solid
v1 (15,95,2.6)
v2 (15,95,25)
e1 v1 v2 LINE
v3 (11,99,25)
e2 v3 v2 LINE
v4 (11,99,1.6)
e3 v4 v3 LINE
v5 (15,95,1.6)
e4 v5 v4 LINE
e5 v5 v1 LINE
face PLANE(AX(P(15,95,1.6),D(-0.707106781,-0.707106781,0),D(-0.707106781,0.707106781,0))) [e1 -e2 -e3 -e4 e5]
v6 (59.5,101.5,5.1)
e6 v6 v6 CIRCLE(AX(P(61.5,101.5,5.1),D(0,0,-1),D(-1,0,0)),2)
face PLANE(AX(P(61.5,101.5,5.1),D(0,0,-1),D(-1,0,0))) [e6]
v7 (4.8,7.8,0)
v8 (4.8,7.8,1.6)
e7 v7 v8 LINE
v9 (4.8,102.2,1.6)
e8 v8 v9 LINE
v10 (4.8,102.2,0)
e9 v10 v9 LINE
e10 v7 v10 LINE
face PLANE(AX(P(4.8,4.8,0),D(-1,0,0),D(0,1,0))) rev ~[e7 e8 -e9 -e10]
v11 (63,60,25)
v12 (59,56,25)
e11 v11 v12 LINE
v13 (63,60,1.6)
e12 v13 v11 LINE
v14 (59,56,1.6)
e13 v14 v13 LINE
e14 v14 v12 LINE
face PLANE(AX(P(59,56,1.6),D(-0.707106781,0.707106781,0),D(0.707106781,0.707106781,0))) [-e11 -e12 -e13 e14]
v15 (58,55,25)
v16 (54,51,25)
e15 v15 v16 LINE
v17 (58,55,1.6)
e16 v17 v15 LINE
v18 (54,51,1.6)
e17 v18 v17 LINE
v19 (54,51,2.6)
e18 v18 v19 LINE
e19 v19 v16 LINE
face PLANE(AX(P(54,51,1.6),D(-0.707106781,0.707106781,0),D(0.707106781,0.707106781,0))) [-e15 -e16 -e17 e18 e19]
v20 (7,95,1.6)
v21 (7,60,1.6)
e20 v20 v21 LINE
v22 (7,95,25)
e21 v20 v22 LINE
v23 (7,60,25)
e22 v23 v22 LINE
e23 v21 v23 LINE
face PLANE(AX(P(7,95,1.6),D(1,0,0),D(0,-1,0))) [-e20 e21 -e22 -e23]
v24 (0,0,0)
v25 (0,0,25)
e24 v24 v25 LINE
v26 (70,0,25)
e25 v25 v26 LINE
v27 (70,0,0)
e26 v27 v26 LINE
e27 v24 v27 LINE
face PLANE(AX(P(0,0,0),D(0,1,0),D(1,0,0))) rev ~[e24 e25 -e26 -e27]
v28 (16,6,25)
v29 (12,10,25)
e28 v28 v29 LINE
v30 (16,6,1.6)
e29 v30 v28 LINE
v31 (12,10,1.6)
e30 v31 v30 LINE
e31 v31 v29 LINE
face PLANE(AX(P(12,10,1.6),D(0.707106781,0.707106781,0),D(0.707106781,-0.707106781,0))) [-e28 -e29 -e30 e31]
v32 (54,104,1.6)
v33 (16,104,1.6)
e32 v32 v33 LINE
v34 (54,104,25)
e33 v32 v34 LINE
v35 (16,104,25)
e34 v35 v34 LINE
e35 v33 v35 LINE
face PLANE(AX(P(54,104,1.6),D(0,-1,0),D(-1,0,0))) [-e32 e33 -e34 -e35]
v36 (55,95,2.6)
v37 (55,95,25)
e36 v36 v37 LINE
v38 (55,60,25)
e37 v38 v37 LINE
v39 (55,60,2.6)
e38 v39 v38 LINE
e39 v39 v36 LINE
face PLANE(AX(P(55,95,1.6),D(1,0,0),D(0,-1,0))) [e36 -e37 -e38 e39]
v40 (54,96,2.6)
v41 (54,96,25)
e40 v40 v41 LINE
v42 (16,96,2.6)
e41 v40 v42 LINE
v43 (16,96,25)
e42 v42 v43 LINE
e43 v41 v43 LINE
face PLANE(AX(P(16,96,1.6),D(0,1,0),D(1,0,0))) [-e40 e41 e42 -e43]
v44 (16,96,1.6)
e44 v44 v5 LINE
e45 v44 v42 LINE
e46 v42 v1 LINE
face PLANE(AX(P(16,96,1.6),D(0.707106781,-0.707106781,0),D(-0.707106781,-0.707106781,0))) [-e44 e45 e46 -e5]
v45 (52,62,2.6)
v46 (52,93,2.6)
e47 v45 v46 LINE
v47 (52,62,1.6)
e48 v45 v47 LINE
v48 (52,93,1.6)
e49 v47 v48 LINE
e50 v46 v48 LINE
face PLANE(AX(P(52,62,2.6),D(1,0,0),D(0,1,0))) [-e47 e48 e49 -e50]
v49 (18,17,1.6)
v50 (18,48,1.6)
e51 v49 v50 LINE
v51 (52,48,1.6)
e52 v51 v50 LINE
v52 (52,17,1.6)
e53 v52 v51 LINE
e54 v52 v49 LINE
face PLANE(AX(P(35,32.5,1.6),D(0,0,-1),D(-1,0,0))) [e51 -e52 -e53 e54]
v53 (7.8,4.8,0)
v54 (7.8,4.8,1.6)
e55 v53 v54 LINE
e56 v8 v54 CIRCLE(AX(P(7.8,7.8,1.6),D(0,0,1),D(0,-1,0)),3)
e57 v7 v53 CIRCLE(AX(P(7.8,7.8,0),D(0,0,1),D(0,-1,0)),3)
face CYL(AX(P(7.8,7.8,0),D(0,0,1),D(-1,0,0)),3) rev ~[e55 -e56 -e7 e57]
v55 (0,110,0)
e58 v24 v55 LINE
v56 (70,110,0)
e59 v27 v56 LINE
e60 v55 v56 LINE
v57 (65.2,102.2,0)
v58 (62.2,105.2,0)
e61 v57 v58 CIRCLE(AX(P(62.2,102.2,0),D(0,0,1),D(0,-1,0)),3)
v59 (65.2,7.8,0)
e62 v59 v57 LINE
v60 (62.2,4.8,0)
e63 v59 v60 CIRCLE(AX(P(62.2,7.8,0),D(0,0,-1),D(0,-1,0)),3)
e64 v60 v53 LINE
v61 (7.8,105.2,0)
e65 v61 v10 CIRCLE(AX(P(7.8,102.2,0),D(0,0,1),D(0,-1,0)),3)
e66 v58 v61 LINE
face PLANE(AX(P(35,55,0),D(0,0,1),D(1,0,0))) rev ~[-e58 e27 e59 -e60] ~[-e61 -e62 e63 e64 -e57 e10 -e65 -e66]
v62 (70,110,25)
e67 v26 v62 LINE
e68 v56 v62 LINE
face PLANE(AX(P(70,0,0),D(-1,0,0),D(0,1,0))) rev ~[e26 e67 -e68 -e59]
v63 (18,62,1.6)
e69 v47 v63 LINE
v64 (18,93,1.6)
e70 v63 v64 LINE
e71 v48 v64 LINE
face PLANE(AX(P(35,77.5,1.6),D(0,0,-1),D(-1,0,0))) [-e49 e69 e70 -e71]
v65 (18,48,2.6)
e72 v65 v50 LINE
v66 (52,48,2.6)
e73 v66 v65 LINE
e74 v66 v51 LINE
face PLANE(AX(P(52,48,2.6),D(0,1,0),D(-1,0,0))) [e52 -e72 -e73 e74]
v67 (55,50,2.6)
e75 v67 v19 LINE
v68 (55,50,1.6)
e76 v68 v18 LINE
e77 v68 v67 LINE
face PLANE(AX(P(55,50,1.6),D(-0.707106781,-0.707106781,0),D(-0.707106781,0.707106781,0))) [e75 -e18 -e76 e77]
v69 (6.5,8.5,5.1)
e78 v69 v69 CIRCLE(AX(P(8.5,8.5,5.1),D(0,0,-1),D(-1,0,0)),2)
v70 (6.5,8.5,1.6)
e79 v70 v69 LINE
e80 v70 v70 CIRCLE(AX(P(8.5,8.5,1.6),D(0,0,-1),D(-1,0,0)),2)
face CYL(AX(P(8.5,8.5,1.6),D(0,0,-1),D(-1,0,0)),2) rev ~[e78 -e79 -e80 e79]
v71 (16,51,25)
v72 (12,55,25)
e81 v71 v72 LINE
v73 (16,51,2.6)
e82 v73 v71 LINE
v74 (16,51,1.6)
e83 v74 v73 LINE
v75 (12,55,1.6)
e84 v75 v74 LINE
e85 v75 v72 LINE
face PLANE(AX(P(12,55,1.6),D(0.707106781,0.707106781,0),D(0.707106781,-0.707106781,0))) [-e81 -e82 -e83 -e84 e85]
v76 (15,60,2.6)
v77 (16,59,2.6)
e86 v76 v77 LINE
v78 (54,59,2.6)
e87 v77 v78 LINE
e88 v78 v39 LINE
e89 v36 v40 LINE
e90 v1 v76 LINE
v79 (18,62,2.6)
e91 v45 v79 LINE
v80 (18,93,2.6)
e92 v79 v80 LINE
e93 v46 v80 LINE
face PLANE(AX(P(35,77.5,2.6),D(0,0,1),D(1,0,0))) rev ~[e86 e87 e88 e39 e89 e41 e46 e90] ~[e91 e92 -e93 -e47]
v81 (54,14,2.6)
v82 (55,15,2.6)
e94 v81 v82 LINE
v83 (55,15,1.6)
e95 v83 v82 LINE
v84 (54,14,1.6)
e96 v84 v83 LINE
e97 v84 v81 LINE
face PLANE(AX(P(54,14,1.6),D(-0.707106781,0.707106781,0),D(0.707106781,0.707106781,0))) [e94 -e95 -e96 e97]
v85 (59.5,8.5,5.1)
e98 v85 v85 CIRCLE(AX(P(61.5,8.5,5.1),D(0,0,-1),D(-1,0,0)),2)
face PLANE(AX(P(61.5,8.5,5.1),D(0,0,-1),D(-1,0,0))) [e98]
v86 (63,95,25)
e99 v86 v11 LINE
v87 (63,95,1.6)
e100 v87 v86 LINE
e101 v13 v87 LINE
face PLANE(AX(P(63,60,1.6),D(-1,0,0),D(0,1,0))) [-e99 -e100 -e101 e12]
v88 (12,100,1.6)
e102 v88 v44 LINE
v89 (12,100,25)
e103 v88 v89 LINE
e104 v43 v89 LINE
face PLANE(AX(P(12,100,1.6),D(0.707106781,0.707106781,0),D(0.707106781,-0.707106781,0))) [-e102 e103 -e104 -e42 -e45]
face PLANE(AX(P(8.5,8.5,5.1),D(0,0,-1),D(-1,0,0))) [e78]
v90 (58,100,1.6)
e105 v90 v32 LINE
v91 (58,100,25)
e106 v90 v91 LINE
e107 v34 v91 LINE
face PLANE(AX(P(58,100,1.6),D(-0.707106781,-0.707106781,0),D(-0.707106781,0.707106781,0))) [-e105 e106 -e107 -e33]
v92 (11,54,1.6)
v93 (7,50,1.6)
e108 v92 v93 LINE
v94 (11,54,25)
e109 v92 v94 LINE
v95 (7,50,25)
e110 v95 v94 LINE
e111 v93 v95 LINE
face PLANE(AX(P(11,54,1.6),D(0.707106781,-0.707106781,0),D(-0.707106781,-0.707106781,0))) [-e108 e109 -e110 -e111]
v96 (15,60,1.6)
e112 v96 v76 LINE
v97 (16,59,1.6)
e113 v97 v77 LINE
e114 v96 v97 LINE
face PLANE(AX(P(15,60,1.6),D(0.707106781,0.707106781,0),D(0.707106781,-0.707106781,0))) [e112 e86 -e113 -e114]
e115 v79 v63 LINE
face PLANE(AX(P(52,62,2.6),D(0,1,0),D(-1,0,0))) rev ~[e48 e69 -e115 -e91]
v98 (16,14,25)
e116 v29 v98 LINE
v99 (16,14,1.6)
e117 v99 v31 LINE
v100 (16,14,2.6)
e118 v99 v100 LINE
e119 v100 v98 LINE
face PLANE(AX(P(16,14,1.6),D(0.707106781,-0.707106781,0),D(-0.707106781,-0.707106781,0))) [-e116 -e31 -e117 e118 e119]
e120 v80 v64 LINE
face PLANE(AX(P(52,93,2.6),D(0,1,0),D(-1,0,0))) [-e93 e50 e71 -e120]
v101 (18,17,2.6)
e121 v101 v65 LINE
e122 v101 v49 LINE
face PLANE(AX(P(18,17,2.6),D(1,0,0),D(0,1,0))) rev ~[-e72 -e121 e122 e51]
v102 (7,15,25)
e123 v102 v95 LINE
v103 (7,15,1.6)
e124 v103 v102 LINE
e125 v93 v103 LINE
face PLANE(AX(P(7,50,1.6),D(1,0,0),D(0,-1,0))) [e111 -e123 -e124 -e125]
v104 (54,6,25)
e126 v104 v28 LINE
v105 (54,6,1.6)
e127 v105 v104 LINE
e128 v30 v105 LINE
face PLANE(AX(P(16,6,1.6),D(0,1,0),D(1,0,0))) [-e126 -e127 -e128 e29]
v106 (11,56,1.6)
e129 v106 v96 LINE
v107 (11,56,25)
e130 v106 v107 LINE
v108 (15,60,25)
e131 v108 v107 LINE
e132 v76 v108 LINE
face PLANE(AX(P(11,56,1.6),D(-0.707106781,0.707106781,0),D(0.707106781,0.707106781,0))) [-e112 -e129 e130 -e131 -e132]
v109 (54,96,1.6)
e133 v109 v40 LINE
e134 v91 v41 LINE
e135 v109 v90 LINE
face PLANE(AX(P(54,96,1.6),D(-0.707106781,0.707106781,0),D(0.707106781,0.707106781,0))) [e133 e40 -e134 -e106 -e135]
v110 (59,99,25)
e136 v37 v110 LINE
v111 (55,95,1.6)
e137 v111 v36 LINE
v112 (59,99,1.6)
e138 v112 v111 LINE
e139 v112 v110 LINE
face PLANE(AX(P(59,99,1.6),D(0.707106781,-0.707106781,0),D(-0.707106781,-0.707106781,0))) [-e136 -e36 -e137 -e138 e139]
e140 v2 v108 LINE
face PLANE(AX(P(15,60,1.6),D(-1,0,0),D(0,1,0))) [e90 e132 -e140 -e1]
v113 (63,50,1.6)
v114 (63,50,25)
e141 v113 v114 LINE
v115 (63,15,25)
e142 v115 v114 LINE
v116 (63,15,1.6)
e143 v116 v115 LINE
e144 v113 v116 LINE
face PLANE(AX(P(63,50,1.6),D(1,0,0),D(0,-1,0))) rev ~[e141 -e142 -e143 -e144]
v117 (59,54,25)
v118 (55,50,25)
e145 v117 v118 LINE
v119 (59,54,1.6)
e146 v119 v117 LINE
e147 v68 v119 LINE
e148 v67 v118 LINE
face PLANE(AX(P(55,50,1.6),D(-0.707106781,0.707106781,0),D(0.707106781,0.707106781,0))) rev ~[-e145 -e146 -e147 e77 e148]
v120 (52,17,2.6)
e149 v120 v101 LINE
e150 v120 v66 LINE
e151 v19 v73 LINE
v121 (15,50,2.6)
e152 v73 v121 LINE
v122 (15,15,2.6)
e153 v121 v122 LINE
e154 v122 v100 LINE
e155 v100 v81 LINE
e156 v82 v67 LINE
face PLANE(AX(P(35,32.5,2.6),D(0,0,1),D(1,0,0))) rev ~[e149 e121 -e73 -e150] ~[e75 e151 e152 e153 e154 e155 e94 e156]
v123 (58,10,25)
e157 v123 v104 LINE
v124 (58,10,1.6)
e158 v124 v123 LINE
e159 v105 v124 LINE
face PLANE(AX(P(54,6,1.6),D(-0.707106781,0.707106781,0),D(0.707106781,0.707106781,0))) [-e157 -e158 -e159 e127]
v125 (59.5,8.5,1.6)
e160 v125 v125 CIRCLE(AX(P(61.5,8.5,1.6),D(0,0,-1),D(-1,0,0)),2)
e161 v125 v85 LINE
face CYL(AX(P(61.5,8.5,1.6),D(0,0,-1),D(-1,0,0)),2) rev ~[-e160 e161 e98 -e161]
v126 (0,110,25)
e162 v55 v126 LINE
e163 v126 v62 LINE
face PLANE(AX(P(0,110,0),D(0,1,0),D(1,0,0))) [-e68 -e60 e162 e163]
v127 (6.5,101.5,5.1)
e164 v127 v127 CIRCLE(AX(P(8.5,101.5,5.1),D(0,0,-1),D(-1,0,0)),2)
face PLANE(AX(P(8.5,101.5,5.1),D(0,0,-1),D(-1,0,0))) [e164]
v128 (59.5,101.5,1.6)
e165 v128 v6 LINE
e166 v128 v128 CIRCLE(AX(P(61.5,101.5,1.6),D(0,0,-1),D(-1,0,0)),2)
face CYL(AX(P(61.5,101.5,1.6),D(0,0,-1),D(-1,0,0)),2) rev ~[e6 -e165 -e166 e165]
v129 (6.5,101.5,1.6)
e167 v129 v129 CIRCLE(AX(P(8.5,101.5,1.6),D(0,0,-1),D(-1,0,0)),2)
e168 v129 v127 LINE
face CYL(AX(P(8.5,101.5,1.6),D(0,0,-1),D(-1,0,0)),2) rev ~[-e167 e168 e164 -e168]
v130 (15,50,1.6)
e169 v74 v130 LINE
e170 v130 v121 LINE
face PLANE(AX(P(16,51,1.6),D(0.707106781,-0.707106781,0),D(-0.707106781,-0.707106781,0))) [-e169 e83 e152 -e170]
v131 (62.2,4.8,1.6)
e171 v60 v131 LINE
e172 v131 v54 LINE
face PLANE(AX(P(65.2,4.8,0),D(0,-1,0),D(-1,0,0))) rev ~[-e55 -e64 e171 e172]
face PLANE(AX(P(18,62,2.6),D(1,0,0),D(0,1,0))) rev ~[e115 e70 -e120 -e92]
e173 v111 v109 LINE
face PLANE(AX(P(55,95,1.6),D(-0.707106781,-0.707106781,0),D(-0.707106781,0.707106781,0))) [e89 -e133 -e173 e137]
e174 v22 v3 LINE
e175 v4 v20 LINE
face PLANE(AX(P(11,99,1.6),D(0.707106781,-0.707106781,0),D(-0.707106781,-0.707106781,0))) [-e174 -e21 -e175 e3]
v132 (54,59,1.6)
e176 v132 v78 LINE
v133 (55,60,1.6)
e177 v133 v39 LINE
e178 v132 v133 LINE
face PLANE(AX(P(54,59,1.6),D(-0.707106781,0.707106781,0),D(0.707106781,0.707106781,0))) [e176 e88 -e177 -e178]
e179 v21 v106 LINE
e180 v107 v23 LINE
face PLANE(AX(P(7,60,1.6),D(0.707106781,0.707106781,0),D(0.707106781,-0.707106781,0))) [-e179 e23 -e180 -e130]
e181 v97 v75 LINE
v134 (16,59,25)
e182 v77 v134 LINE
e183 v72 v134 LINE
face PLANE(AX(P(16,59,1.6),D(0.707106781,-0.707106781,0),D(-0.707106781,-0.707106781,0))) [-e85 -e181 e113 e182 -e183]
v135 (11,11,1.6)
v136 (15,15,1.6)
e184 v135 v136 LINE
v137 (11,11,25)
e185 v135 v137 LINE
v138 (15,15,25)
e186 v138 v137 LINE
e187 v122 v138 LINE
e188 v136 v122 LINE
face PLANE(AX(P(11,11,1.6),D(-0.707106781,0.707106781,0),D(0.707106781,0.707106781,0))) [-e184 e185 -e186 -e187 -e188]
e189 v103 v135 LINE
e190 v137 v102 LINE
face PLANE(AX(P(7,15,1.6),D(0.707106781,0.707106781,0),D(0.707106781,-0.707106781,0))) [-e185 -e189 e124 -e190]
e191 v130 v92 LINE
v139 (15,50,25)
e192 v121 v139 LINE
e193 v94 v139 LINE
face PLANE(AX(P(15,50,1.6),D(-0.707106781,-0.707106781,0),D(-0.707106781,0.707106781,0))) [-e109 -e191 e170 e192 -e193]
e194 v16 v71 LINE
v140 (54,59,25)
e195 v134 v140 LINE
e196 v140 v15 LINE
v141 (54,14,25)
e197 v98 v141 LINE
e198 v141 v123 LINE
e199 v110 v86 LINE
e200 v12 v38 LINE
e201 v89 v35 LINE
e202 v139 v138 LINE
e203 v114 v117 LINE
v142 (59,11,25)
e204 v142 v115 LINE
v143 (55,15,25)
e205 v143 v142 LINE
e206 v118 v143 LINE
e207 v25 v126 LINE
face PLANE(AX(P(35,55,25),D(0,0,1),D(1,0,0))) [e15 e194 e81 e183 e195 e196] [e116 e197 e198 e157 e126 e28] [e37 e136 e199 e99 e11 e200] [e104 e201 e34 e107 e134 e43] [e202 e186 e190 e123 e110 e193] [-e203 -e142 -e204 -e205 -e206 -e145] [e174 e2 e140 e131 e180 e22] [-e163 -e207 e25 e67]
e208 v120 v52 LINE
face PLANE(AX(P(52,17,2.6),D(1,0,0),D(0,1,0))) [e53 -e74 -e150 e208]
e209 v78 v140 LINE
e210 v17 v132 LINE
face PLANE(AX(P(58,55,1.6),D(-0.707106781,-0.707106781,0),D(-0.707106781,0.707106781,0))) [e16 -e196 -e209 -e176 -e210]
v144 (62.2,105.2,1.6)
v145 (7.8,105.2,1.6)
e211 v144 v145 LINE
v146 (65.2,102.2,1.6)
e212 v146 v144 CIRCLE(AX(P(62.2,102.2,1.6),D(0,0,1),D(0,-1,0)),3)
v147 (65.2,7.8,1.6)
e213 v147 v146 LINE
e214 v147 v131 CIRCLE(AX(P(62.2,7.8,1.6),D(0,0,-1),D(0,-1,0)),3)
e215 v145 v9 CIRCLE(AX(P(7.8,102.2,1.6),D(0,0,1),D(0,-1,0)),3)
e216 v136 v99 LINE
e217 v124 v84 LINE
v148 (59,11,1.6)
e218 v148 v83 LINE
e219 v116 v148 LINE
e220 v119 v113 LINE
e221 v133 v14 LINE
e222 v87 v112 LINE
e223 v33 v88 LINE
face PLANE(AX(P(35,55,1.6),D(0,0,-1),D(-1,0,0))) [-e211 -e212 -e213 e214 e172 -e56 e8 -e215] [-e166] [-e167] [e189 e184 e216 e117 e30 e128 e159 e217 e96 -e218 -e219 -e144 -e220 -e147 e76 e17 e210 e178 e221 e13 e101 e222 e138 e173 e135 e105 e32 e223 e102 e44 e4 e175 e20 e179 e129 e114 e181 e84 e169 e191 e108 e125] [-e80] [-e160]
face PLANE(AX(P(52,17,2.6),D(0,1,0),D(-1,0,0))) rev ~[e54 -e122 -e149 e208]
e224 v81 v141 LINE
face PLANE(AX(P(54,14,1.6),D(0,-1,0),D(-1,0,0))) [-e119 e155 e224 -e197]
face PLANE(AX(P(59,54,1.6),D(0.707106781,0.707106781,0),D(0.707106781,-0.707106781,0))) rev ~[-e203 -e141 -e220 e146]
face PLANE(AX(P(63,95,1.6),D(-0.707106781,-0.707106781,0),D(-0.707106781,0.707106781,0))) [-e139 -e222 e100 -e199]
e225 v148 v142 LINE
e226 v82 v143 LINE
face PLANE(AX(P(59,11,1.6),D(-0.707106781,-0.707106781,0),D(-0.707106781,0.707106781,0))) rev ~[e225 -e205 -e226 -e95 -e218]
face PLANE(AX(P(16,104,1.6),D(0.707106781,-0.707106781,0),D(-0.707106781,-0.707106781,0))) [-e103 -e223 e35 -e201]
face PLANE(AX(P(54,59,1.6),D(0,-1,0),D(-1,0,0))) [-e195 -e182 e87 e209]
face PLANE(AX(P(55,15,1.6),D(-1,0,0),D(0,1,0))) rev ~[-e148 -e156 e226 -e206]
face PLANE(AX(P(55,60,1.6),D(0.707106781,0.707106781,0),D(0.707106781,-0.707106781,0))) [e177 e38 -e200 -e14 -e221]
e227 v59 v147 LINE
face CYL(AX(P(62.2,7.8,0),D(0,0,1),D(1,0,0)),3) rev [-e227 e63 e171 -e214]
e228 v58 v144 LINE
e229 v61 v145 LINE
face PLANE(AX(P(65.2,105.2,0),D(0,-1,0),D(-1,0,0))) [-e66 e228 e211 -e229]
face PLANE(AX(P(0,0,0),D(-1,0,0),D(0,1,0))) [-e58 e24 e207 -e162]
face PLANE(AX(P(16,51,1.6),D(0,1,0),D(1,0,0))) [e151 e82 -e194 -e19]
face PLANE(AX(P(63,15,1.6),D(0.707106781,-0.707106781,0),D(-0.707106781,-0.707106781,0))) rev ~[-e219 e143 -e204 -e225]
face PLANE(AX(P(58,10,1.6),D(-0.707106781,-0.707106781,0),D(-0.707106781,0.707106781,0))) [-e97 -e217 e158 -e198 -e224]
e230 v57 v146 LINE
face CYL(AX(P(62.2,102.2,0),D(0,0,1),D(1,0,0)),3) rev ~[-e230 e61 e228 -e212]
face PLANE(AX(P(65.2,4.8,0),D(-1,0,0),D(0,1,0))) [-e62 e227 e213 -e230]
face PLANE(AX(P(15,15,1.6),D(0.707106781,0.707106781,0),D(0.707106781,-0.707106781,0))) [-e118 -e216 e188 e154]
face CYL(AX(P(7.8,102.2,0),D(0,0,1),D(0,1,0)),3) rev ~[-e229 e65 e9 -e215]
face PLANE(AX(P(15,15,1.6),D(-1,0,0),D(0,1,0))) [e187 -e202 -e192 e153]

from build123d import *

# Parameters (mm, degrees)
SKETCH1_W           = 70
SKETCH1_H           = 110
BOSS_EXTRUDE1_DEPTH = 25
SKETCH2_W           = 60.4
SKETCH2_H           = 100.4
CUT_EXTRUDE1_DEPTH  = 1.6
FILLET1_R           = 3
CUT_EXTRUDE4_DEPTH  = 133.467203488
CUT_EXTRUDE5_DEPTH  = 133.467203488
CUT_EXTRUDE6_DEPTH  = 1
SKETCH3_R           = 2
CUT_EXTRUDE7_DEPTH  = 3.5
SKETCH8_W           = 34
SKETCH8_H           = 31
BOSS_EXTRUDE2_DEPTH = 1


with BuildPart() as part:
    # Sketch1 → Boss-Extrude1 (new body)
    with BuildSketch(Plane.XY):
        with Locations((35, 55)):
            Rectangle(SKETCH1_W, SKETCH1_H)
    extrude(amount=BOSS_EXTRUDE1_DEPTH)

    # Sketch2 → Cut-Extrude1 (cut)
    with BuildSketch(Plane(origin=(0, 0, 0), x_dir=(-1, 0, 0), z_dir=(0, 0, -1))):
        with Locations((-35, 55)):
            Rectangle(SKETCH2_W, SKETCH2_H)
    extrude(amount=-CUT_EXTRUDE1_DEPTH, mode=Mode.SUBTRACT)

    # Fillet1
    fillet1_edges = [part.edges().sort_by_distance(p)[0] for p in [
        (65.2, 4.8, 0.8),
        (65.2, 105.2, 0.8),
        (4.8, 105.2, 0.8),
        (4.8, 4.8, 0.8),
    ]]
    fillet(fillet1_edges, radius=FILLET1_R)

    # Sketch5 → Cut-Extrude4 (cut, through all)
    with BuildSketch(Plane(origin=(0, 0, 1.6), x_dir=(-1, 0, 0), z_dir=(0, 0, -1))):
        Polygon((-54, 14), (-16, 14), (-12, 10), (-16, 6), (-54, 6), (-58, 10), align=None)
        Polygon((-58, 55), (-54, 59), (-16, 59), (-12, 55), (-16, 51), (-54, 51), align=None)
        Polygon((-58, 100), (-54, 104), (-16, 104), (-12, 100), (-16, 96), (-54, 96), align=None)
    extrude(amount=-CUT_EXTRUDE4_DEPTH, mode=Mode.SUBTRACT)

    # Sketch6 → Cut-Extrude5 (cut, through all)
    with BuildSketch(Plane(origin=(0, 0, 1.6), x_dir=(-1, 0, 0), z_dir=(0, 0, -1))):
        Polygon((-55, 15), (-55, 50), (-59, 54), (-63, 50), (-63, 15), (-59, 11), align=None)
        Polygon((-15, 50), (-11, 54), (-7, 50), (-7, 15), (-11, 11), (-15, 15), align=None)
        Polygon((-63, 95), (-59, 99), (-55, 95), (-55, 60), (-59, 56), (-63, 60), align=None)
        Polygon((-15, 95), (-11, 99), (-7, 95), (-7, 60), (-11, 56), (-15, 60), align=None)
    extrude(amount=-CUT_EXTRUDE5_DEPTH, mode=Mode.SUBTRACT)

    # Sketch7 → Cut-Extrude6 (cut)
    with BuildSketch(Plane(origin=(0, 0, 1.6), x_dir=(-1, 0, 0), z_dir=(0, 0, -1))):
        Polygon((-55, 95), (-54, 96), (-16, 96), (-15, 95), (-15, 60), (-16, 59), (-54, 59), (-55, 60), align=None)
        Polygon((-54, 14), (-55, 15), (-55, 50), (-54, 51), (-16, 51), (-15, 50), (-15, 15), (-16, 14), align=None)
    extrude(amount=-CUT_EXTRUDE6_DEPTH, mode=Mode.SUBTRACT)

    # Sketch3 → Cut-Extrude7 (cut)
    with BuildSketch(Plane(origin=(0, 0, 1.6), x_dir=(-1, 0, 0), z_dir=(0, 0, -1))):
        with Locations((-61.5, 101.5)):
            Circle(SKETCH3_R)
        with Locations((-61.5, 8.5)):
            Circle(SKETCH3_R)
        with Locations((-8.5, 8.5)):
            Circle(SKETCH3_R)
        with Locations((-8.5, 101.5)):
            Circle(SKETCH3_R)
    extrude(amount=-CUT_EXTRUDE7_DEPTH, mode=Mode.SUBTRACT)

    # Sketch8 → Boss-Extrude2 (add)
    with BuildSketch(Plane(origin=(0, 0, 2.6), x_dir=(-1, 0, 0), z_dir=(0, 0, -1))):
        with Locations((-35, 77.5)):
            Rectangle(SKETCH8_W, SKETCH8_H)
        with Locations((-35, 32.5)):
            Rectangle(SKETCH8_W, SKETCH8_H)
    extrude(amount=BOSS_EXTRUDE2_DEPTH)


solid = part.part
